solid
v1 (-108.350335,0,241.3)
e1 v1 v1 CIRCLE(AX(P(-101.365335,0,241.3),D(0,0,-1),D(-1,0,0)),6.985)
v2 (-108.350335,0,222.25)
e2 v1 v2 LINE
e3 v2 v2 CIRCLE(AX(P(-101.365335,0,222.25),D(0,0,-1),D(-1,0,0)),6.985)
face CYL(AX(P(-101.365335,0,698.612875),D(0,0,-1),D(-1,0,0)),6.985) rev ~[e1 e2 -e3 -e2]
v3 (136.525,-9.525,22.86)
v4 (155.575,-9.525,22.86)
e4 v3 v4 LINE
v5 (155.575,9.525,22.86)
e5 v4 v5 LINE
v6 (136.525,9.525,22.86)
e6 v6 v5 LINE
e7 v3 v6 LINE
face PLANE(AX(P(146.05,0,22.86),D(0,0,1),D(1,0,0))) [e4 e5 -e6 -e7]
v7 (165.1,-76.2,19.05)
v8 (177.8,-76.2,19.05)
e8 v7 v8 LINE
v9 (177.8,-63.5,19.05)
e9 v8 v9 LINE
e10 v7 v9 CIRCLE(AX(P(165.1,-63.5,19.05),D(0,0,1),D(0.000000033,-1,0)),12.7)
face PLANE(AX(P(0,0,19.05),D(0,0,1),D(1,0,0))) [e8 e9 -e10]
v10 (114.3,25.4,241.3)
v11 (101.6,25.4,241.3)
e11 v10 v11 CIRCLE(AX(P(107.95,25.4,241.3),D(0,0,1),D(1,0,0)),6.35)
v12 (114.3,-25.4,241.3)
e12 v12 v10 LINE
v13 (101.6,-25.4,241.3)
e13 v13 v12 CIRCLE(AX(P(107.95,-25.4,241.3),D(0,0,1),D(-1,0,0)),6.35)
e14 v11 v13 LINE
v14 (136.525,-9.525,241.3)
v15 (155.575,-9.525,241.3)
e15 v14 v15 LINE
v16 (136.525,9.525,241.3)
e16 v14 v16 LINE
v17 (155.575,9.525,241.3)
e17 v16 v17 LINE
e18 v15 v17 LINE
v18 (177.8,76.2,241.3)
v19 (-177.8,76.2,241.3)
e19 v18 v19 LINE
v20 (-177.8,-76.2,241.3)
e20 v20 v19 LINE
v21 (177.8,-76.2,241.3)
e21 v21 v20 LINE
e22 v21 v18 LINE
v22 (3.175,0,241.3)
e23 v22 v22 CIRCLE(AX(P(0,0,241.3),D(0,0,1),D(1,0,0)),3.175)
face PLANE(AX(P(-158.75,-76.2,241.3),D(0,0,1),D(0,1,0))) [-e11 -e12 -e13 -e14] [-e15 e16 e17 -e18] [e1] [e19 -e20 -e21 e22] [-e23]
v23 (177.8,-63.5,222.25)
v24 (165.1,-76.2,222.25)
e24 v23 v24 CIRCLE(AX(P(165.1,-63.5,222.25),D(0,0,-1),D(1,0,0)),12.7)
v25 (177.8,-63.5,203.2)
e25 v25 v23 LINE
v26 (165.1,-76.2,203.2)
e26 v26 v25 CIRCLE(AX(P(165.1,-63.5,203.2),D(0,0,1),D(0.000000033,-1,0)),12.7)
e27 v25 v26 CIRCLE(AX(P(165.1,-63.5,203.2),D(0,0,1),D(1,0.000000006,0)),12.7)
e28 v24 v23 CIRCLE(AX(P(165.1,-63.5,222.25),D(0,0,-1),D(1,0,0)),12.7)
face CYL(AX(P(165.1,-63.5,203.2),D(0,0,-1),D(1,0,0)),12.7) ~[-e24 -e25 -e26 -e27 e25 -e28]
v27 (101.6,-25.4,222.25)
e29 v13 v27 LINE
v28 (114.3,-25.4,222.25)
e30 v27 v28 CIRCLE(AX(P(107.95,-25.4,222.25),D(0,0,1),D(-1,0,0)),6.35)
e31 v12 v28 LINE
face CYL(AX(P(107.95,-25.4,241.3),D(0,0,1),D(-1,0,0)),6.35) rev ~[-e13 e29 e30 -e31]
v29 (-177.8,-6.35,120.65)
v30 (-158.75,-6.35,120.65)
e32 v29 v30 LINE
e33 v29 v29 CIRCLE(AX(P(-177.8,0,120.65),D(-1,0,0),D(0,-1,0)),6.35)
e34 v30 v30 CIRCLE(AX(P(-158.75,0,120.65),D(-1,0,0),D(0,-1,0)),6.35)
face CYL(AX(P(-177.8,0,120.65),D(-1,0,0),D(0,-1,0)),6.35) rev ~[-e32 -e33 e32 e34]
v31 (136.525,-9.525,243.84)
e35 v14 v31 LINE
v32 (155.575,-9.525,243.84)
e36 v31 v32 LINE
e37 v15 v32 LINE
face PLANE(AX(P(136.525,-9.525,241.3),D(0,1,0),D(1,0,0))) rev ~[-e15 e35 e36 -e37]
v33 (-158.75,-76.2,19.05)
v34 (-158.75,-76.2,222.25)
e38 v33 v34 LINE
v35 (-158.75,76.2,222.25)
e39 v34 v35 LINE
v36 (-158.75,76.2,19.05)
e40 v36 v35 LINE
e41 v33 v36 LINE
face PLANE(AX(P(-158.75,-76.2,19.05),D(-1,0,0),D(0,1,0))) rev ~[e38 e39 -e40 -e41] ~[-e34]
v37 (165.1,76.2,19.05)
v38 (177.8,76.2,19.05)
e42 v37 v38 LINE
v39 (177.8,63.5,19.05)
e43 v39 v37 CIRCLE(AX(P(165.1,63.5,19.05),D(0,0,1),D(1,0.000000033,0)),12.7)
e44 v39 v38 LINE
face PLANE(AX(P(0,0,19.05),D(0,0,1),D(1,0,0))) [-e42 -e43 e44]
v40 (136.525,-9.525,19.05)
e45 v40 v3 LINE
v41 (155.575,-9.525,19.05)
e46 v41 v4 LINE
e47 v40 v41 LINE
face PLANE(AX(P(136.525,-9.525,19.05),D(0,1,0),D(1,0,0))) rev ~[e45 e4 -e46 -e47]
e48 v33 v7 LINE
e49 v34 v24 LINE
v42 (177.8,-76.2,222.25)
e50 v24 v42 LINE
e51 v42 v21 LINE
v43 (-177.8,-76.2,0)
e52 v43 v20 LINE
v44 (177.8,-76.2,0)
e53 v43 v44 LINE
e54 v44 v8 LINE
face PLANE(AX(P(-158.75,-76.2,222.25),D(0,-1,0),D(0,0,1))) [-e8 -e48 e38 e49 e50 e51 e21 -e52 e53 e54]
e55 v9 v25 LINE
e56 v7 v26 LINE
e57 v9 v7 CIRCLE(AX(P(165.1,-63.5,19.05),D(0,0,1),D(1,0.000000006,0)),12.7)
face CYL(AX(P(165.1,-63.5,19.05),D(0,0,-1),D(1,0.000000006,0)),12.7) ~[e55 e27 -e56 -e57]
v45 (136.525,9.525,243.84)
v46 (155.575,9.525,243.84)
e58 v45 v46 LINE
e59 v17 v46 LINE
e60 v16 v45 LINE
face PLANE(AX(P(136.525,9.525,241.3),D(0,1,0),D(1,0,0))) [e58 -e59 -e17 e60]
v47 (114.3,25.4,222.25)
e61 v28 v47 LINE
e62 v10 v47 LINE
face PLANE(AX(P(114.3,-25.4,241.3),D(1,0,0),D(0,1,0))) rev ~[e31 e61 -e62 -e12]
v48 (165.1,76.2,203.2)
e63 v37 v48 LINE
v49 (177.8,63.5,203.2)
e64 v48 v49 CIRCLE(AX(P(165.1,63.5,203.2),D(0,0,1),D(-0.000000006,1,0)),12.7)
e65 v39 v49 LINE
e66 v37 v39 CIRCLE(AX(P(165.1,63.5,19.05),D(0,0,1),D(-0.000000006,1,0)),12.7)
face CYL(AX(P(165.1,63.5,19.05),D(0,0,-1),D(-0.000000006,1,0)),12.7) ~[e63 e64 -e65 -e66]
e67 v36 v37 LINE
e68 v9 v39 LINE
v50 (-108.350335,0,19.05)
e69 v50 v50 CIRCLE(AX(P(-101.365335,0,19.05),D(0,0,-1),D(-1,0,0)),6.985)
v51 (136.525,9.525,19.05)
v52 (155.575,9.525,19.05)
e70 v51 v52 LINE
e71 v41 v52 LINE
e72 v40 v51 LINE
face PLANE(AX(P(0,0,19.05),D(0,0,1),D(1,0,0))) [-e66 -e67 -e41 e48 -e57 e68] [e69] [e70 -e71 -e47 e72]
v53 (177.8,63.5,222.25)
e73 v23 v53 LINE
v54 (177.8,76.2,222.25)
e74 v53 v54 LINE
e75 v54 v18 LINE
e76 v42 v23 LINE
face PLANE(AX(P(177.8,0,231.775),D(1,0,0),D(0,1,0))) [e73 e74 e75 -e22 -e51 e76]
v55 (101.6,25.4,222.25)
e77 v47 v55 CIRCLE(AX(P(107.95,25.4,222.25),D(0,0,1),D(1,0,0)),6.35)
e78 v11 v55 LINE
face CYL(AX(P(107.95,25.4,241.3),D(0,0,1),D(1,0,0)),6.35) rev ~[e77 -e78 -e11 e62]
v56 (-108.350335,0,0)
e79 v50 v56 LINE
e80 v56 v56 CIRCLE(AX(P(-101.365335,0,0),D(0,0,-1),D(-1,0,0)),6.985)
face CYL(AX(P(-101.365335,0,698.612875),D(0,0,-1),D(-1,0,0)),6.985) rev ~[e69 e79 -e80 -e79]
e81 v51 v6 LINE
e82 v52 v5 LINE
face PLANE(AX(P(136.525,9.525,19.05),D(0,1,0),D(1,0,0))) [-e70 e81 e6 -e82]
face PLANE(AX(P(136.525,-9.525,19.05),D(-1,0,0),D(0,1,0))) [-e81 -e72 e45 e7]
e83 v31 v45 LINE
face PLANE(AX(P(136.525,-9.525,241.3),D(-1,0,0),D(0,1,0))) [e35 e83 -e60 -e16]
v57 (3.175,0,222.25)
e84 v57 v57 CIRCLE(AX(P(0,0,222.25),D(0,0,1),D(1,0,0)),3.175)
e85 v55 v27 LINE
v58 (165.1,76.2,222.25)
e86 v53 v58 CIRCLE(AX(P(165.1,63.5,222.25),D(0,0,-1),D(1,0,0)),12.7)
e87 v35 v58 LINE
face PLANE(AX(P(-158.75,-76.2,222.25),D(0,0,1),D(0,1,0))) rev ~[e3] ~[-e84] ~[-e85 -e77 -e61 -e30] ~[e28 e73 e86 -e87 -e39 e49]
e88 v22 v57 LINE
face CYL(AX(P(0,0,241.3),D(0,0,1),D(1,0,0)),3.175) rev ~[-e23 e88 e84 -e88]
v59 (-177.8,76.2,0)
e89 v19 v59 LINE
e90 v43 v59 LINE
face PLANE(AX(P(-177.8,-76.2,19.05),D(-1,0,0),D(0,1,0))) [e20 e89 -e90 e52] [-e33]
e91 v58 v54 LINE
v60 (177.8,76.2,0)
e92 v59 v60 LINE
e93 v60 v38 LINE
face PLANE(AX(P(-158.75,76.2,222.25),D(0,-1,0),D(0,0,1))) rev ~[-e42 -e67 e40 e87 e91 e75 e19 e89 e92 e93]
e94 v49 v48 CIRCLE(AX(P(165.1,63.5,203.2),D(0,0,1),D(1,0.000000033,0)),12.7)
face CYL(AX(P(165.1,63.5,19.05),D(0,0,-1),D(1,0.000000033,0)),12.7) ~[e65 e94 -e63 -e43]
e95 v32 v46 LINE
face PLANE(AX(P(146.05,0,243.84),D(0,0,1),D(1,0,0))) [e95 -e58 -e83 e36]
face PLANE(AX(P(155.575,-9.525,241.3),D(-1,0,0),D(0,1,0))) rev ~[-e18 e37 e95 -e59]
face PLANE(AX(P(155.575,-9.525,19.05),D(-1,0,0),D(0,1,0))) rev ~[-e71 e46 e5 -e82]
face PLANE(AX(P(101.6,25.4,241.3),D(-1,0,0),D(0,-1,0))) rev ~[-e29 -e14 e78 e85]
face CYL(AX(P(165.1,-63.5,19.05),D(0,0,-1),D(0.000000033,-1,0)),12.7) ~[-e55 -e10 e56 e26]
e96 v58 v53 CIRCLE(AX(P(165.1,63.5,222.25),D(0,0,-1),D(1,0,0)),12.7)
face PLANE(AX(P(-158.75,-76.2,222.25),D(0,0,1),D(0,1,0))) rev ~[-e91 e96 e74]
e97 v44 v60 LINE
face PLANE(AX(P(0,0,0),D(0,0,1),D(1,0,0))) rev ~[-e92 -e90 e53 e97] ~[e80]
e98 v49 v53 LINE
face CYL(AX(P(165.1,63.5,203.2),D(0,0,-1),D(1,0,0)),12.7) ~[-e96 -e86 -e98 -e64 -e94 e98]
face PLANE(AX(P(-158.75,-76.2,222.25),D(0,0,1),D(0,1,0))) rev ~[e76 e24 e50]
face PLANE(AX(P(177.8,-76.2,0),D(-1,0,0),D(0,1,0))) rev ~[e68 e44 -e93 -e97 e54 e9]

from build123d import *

# Parameters (mm, degrees)
F0_W      = 355.6
F0_H      = 152.4
F1_DEPTH  = 19.05
F2_W      = 19.05
F2_H      = 152.4
F3_DEPTH  = 222.25
F5_DEPTH  = 184.15
F6_W      = 152.4
F6_H      = 19.05
F7_DEPTH  = 336.55
F5_FACE_R = 12.7
F8_DEPTH  = 25.4
F9_R      = 6.35
F10_DEPTH = 25.4
F13_DEPTH = 19.05
F14_R     = 3.175
F16_DEPTH = 19.05
F17_W     = 19.05
F17_H     = 19.05
F18_DEPTH = 3.81
F19_W     = 19.05
F19_H     = 19.05
F20_DEPTH = 2.54
F22_D     = 13.97


with BuildPart() as f1:
    # F0 (on Top) → F1 (new body)
    with BuildSketch(Plane.XY):
        Rectangle(F0_W, F0_H)
    extrude(amount=F1_DEPTH)

    # F2 (on face) → F3 (join)
    with BuildSketch(Plane.XY.offset(19.05)):
        with Locations((-168.275, 0)):
            Rectangle(F2_W, F2_H)
    extrude(amount=F3_DEPTH)

    # F4 (on face) → F5 (join)
    with BuildSketch(Plane.XY.offset(19.05)):
        with BuildLine():
            ThreePointArc((165.1, 76.2), (156.119744, 54.519744), (177.8, 63.5))
            ThreePointArc((177.8, 63.5), (174.080256, 72.480256), (165.1, 76.2))
        make_face()
        with BuildLine():
            ThreePointArc((165.1, -76.2), (174.080256, -72.480256), (177.8, -63.5))
            ThreePointArc((177.8, -63.5), (156.119744, -54.519744), (165.1, -76.2))
        make_face()
    extrude(amount=F5_DEPTH)

    # F6 (on face) → F7 (join)
    with BuildSketch(Plane.YZ.offset(-158.75)):
        with Locations((0, 231.775)):
            Rectangle(F6_W, F6_H)
    extrude(amount=F7_DEPTH)

    # F5_face (on face) → F8 (join)
    with BuildSketch(Plane(origin=(165.1, 63.5, 203.2), x_dir=(1, 0, 0), z_dir=(0, 0, 1))):
        Circle(F5_FACE_R)
        with Locations((0, -127)):
            Circle(F5_FACE_R)
    extrude(amount=F8_DEPTH)

    # F9 (on face) → F10 (cut)
    with BuildSketch(Plane(origin=(-177.8, 0, 0), x_dir=(0, -1, 0), z_dir=(-1, 0, 0))):
        with Locations((0, 120.65)):
            Circle(F9_R)
    extrude(amount=-F10_DEPTH, mode=Mode.SUBTRACT)

    # F12 (on face) → F13 (cut)
    with BuildSketch(Plane.XY.offset(241.3)):
        with BuildLine():
            Line((114.3, -25.4), (114.3, 25.4))
            ThreePointArc((114.3, 25.4), (107.95, 31.75), (101.6, 25.4))
            Line((101.6, 25.4), (101.6, -25.4))
            ThreePointArc((101.6, -25.4), (107.95, -31.75), (114.3, -25.4))
        make_face()
    extrude(amount=-F13_DEPTH, mode=Mode.SUBTRACT)

    # F14 (on face) → F16 (cut)
    with BuildSketch(Plane.XY.offset(241.3)):
        Circle(F14_R)
    extrude(amount=-F16_DEPTH, mode=Mode.SUBTRACT)

    # F17 (on face) → F18 (join)
    with BuildSketch(Plane.XY.offset(19.05)):
        with Locations((146.05, 0)):
            Rectangle(F17_W, F17_H)
    extrude(amount=F18_DEPTH)

    # F19 (on face) → F20 (join)
    with BuildSketch(Plane.XY.offset(241.3)):
        with Locations((146.05, 0)):
            Rectangle(F19_W, F19_H)
    extrude(amount=F20_DEPTH)

    # F22 (through all)
    with Locations(Plane.XY.offset(241.3)):
        with Locations((-101.365335, 0)):
            Hole(F22_D / 2)


solid = f1.part
